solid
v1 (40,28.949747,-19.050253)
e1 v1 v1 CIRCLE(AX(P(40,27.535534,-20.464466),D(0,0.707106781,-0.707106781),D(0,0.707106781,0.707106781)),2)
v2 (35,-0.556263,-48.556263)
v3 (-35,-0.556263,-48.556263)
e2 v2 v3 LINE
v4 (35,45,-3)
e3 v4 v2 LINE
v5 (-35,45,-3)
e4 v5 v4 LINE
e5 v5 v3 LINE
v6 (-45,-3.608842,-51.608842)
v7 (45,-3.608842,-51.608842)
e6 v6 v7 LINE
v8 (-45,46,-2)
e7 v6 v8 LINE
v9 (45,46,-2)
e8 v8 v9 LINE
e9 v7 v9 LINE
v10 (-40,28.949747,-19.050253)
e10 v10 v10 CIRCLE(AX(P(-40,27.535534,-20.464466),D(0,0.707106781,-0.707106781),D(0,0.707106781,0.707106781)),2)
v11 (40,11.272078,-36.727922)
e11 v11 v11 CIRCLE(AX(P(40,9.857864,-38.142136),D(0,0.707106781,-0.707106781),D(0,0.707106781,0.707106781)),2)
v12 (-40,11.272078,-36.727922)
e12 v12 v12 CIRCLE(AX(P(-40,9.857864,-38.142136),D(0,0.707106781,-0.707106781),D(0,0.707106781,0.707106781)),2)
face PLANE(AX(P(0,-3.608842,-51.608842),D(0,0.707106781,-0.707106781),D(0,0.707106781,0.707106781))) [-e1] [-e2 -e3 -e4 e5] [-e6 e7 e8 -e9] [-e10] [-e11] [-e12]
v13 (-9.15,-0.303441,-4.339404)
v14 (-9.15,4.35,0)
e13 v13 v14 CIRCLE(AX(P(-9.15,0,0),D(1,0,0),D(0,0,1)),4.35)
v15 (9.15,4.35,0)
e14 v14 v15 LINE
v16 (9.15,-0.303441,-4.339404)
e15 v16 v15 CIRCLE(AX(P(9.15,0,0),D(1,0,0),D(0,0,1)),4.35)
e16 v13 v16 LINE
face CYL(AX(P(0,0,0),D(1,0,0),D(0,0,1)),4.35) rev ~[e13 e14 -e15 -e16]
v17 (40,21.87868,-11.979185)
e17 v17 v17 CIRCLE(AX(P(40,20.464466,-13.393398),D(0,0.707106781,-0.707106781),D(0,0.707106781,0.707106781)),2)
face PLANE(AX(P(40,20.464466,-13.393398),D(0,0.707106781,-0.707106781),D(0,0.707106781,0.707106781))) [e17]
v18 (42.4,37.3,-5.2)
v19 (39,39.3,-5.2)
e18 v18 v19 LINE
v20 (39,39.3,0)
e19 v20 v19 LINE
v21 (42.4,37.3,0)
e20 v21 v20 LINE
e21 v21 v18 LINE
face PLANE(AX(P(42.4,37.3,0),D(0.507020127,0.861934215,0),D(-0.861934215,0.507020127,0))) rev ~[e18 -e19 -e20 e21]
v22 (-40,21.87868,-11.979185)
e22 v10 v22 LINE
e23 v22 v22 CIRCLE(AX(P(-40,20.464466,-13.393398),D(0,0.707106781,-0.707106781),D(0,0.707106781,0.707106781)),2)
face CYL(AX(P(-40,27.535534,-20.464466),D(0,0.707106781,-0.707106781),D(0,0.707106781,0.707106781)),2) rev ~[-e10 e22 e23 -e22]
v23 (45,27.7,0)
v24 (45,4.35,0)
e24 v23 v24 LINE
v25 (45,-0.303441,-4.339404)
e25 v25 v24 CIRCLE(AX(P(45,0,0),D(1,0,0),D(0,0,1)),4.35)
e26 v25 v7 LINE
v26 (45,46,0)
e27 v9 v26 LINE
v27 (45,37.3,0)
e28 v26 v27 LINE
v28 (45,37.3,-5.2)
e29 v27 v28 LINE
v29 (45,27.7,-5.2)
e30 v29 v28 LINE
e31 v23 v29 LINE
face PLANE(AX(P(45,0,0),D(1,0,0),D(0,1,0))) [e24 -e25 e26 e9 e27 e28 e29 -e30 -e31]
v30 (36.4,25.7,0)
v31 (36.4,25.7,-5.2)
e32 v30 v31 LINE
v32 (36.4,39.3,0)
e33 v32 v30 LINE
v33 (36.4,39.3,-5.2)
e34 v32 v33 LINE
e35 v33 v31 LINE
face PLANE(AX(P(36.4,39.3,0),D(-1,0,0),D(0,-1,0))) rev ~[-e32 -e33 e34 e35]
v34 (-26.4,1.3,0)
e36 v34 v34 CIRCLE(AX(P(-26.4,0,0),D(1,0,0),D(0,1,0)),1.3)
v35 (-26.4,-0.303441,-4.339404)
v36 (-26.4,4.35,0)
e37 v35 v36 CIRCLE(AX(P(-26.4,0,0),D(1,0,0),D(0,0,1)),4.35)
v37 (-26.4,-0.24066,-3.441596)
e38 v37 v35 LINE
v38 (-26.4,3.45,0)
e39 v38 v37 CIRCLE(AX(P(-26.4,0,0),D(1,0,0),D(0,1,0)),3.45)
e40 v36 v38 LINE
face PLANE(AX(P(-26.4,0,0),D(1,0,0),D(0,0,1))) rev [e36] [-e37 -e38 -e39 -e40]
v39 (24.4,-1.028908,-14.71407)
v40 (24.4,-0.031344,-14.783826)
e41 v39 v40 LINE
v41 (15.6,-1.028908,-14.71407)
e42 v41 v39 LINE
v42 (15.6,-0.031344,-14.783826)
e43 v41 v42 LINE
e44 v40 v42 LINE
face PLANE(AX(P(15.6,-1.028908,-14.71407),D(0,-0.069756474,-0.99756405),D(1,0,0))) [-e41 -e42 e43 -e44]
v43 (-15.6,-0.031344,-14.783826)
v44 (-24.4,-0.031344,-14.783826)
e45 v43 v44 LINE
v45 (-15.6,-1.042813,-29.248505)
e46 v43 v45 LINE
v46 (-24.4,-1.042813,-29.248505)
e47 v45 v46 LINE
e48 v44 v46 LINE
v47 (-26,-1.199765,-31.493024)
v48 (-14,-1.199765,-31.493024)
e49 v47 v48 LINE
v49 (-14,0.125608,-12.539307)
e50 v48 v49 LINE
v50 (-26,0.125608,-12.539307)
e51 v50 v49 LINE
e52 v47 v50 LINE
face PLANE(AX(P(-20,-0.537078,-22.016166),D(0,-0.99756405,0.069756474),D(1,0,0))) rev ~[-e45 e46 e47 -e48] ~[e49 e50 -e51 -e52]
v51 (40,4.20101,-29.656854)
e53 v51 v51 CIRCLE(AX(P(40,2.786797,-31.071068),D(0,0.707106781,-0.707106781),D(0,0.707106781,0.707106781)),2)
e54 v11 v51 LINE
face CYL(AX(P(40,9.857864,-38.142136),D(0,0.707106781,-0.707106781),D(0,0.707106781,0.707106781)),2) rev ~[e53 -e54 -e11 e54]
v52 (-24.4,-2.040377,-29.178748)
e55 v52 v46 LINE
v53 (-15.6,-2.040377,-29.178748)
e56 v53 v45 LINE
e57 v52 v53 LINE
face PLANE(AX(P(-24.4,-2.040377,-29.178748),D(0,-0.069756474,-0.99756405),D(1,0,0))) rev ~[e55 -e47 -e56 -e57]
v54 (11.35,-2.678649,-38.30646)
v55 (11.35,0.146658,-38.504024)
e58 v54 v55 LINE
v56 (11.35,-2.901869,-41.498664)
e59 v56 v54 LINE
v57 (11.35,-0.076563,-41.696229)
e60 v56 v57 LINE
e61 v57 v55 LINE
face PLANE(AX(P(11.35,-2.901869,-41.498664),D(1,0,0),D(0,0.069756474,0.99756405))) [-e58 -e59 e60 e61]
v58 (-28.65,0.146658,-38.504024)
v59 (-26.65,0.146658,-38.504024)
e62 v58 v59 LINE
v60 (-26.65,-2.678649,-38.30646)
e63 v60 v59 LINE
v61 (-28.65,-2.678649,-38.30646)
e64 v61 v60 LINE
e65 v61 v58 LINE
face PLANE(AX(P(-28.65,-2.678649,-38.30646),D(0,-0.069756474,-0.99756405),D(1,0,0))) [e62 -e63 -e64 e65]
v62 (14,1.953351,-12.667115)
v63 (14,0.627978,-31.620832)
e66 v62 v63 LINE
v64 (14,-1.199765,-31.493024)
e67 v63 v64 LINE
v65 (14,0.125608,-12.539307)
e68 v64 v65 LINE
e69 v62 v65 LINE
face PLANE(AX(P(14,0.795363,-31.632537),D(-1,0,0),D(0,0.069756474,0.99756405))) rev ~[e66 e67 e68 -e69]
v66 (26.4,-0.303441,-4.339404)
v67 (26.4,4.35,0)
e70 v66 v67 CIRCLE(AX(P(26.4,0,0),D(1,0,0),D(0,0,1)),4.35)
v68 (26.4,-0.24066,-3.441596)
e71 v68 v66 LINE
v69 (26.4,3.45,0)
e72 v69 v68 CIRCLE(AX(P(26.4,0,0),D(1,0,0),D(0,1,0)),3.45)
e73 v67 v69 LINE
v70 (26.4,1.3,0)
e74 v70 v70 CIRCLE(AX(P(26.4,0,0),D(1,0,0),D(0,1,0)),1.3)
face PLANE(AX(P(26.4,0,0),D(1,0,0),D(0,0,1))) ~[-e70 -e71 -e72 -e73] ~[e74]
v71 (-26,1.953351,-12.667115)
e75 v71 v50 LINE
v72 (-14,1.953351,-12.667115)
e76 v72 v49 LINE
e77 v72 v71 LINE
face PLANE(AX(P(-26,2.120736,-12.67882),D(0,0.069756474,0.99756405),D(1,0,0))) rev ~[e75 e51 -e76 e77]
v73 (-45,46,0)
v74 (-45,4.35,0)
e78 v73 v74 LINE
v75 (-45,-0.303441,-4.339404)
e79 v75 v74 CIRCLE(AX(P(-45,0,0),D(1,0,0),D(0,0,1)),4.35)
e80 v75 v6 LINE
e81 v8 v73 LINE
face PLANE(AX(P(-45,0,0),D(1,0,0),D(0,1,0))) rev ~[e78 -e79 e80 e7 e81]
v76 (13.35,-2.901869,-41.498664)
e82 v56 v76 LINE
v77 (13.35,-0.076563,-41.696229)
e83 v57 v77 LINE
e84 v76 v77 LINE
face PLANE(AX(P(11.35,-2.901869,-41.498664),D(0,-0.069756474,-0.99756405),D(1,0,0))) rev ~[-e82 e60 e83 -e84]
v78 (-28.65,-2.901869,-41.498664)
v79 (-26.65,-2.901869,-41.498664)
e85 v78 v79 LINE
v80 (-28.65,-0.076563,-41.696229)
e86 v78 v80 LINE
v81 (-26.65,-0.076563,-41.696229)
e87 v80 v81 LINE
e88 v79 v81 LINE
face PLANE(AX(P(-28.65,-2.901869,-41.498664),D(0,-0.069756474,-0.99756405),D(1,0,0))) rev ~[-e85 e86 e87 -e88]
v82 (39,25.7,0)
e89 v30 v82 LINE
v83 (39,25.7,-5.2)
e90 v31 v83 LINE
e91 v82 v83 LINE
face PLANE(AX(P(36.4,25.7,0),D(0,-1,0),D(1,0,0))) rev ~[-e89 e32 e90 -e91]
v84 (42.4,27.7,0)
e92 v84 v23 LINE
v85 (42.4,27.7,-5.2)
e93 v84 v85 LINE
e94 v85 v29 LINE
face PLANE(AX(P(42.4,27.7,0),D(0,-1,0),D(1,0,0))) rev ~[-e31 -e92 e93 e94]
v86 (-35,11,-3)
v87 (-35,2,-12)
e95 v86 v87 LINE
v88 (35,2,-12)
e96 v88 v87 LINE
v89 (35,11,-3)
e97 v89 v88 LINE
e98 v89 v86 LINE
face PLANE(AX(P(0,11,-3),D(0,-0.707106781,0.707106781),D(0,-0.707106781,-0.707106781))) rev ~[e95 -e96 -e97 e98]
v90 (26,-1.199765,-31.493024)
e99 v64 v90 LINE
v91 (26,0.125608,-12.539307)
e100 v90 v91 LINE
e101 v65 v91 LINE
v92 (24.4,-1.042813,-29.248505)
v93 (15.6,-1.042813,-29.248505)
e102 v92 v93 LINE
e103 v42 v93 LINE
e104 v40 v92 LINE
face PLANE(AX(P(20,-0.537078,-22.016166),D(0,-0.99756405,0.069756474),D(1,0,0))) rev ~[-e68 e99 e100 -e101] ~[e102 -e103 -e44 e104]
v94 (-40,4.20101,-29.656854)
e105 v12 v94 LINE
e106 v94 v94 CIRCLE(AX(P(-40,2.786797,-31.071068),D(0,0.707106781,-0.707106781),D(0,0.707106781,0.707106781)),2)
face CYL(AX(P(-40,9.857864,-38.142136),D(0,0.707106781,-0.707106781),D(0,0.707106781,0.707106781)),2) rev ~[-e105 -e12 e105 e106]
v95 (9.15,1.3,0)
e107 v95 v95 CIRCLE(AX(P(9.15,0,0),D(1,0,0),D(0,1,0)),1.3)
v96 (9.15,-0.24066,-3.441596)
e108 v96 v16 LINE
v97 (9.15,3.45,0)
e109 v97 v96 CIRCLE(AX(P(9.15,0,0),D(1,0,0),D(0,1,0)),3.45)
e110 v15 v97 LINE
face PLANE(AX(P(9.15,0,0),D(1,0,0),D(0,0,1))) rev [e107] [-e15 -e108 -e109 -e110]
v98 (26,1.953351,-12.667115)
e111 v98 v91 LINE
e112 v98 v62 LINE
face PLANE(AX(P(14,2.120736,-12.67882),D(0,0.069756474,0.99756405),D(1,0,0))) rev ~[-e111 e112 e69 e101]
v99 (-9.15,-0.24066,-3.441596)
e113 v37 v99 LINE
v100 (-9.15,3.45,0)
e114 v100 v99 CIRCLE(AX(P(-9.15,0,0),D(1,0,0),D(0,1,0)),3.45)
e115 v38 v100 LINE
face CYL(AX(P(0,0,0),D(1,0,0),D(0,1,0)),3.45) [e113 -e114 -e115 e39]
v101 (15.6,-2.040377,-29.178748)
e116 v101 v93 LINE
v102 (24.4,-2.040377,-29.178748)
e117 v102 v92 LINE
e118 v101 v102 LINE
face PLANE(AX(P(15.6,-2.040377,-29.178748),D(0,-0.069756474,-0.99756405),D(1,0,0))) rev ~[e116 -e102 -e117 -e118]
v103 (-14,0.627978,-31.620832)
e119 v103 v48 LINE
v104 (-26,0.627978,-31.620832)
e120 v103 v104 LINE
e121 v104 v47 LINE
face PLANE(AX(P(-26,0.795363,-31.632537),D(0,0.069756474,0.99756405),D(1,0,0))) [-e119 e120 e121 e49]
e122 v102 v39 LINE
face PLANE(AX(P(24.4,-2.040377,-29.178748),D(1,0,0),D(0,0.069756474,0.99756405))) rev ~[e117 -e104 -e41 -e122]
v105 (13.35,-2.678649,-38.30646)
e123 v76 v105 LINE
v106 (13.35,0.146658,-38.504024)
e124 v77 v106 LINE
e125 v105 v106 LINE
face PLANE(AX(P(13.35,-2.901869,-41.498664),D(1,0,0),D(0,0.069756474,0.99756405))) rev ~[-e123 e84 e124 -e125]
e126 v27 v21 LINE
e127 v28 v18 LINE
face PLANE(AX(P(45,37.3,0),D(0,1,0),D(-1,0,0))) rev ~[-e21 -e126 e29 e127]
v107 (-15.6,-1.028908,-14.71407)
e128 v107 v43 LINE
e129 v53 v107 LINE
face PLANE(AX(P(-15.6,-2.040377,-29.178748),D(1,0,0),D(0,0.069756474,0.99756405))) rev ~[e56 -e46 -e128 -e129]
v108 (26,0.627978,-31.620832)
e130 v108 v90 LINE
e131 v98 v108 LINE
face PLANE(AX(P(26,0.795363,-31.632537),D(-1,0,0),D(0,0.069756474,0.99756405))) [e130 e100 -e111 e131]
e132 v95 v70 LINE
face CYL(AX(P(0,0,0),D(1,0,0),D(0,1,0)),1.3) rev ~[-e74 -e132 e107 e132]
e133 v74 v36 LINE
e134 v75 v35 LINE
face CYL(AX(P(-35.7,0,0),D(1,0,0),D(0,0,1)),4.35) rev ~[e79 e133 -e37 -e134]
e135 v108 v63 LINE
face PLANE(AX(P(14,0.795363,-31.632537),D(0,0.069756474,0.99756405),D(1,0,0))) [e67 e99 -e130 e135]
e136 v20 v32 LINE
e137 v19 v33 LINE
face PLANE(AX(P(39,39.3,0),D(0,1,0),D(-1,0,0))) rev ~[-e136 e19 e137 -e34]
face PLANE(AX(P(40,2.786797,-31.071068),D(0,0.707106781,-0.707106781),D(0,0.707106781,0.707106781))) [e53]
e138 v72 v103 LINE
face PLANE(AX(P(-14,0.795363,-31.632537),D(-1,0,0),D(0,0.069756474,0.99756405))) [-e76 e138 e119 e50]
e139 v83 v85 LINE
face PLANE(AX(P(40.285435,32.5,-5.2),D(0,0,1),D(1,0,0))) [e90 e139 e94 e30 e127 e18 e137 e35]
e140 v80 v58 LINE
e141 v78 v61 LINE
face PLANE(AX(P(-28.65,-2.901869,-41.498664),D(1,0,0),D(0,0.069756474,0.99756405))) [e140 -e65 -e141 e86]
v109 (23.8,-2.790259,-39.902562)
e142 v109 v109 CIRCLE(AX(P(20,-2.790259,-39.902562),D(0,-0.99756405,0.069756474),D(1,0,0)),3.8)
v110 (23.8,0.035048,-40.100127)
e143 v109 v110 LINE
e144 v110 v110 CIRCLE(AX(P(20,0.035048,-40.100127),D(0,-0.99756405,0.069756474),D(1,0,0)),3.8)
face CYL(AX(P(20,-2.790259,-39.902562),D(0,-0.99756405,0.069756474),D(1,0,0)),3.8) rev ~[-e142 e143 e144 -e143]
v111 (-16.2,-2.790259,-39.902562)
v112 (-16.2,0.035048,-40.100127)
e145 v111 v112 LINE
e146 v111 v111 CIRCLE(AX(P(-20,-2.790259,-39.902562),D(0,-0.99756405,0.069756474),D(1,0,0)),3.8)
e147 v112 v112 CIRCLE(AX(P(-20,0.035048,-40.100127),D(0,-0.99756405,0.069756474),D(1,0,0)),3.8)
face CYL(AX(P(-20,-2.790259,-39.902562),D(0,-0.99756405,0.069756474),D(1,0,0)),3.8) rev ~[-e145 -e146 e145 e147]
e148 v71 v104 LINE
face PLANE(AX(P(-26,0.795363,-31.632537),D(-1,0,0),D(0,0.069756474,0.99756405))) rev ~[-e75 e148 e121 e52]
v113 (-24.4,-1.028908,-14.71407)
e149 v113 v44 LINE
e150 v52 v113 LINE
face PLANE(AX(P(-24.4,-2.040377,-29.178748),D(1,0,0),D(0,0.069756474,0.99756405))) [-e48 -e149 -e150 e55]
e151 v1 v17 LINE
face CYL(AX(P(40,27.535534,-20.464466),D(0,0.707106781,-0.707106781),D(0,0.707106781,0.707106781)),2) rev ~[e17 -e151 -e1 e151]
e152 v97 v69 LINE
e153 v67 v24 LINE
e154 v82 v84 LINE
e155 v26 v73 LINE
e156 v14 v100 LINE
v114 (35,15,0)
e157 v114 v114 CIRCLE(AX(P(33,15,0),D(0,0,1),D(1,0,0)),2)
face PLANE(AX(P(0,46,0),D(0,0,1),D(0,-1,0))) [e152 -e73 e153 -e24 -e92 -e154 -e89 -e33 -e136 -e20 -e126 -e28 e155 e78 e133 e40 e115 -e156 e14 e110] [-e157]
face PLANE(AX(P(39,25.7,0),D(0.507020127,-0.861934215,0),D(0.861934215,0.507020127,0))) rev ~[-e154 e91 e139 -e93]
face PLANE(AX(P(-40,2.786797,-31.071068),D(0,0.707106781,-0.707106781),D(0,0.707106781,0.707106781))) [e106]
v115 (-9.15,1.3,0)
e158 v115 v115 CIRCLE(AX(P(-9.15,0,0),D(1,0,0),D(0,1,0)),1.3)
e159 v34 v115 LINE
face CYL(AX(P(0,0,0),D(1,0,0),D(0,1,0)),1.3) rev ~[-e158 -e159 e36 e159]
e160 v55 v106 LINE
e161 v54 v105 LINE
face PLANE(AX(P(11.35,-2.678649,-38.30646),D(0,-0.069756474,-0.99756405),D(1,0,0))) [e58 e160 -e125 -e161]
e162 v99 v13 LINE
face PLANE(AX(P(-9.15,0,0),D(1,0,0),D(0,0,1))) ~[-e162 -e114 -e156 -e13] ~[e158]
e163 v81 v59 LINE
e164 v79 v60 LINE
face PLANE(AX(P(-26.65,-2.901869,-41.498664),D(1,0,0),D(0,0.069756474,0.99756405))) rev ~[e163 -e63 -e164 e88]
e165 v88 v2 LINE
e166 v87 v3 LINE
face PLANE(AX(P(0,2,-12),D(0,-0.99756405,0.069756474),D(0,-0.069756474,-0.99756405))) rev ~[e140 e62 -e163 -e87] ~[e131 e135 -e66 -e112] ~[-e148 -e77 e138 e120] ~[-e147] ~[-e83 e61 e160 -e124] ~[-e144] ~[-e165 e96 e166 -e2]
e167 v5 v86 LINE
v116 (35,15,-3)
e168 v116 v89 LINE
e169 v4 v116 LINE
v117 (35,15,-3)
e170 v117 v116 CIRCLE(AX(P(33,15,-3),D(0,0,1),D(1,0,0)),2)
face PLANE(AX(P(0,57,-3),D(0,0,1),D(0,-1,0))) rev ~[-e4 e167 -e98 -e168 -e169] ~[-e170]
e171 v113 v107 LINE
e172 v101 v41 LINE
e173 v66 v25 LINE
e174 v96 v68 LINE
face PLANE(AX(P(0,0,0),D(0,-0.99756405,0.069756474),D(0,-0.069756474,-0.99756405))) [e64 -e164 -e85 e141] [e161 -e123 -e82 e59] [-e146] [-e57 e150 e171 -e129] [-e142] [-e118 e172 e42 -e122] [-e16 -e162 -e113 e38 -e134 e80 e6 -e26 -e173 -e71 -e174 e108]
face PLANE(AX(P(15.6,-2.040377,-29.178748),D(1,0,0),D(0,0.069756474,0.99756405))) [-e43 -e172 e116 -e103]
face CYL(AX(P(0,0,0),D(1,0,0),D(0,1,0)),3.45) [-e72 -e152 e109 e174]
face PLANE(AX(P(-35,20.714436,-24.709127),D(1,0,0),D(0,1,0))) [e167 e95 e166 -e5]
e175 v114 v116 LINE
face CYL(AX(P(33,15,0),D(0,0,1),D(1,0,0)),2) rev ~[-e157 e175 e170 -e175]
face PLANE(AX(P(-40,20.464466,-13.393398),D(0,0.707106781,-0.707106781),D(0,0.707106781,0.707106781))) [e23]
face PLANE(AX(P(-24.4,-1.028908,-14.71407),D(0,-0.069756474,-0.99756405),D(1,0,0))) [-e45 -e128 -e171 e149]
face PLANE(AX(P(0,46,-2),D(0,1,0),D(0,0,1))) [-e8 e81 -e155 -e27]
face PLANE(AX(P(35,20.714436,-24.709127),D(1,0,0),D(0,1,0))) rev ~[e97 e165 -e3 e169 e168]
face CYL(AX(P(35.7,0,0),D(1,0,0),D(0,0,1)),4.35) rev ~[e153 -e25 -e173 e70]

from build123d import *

# Parameters (mm, degrees)
PAD012_DEPTH    = 45
SKETCH023_R     = 3.45
PAD013_DEPTH    = 45
SKETCH024_W     = 18.6
SKETCH024_H     = 4.35
SKETCH024_W_2   = 18.3
SKETCH025_R     = 1.3
POCKET006_DEPTH = 45
POCKET007_DEPTH = 35
SKETCH027_R     = 2
POCKET008_DEPTH = 10
POCKET020_DEPTH = 5.2
SKETCH066_R     = 3.8
SKETCH066_W     = 8.8
SKETCH066_H     = 14.5
SKETCH066_W_2   = 2
SKETCH066_H_2   = 3.2
POCKET025_DEPTH = 3
SKETCH067_R     = 2
POCKET026_DEPTH = 13
SKETCH068_W     = 12
SKETCH068_H     = 19
POCKET027_DEPTH = 2


with BuildPart() as part:
    # Sketch022 → Pad012 (new body, symmetric)
    with BuildSketch(Plane.YZ):
        Polygon((0, 0), (-3.6088417733, -51.6088417733), (46, -2), (46, 0), align=None)
    extrude(amount=PAD012_DEPTH, both=True)

    # Sketch023 → Pad013 (join, symmetric)
    with BuildSketch(Plane.YZ):
        Circle(SKETCH023_R)
    extrude(amount=PAD013_DEPTH, both=True)

    # Sketch024 → Groove003 (revolve, cut)
    with BuildSketch(Plane.XZ):
        with Locations((-35.7, 2.175)):
            Rectangle(SKETCH024_W, SKETCH024_H)
        with Locations((0, 2.175)):
            Rectangle(SKETCH024_W_2, SKETCH024_H)
        with Locations((35.7, 2.175)):
            Rectangle(SKETCH024_W, SKETCH024_H)
    revolve(axis=Axis((0, 0, 0), (1, 0, 0)), mode=Mode.SUBTRACT)

    # Sketch025 → Pocket006 (cut, symmetric)
    with BuildSketch(Plane.YZ):
        Circle(SKETCH025_R)
    extrude(amount=POCKET006_DEPTH, both=True, mode=Mode.SUBTRACT)

    # Sketch026 → Pocket007 (cut, symmetric)
    with BuildSketch(Plane.YZ):
        Polygon((2, -12), (-1.4584733661, -61.4584733661), (57, -3), (11, -3), align=None)
    extrude(amount=POCKET007_DEPTH, both=True, mode=Mode.SUBTRACT)

    # Sketch027 (on Face5 of Pocket007) → Pocket008 (cut)
    with BuildSketch(Plane(origin=(0, 24, -24), x_dir=(0, 0.7071067812, 0.7071067812), z_dir=(0, 0.7071067812, -0.7071067812))):
        with Locations((5, 40)):
            Circle(SKETCH027_R)
        with Locations((-20, 40)):
            Circle(SKETCH027_R)
        with Locations((-20, -40)):
            Circle(SKETCH027_R)
        with Locations((5, -40)):
            Circle(SKETCH027_R)
    extrude(amount=-POCKET008_DEPTH, mode=Mode.SUBTRACT)

    # Sketch060 → Pocket020 (cut)
    with BuildSketch(Plane.XY):
        Polygon((45, 37.3), (42.4, 37.3), (39, 39.3), (36.4, 39.3), (36.4, 25.7), (39, 25.7), (42.4, 27.7), (45, 27.7), align=None)
    extrude(amount=-POCKET020_DEPTH, mode=Mode.SUBTRACT)

    # Sketch066 (on DatumPlane) → Pocket025 (cut)
    with BuildSketch(Plane(origin=(0, 0, 0), x_dir=(1, 0, 0), z_dir=(0, -0.9975640503, 0.0697564737))):
        with Locations((-20, -40)):
            Circle(SKETCH066_R)
        with Locations((20, -40)):
            Circle(SKETCH066_R)
        with Locations((-20, -22)):
            Rectangle(SKETCH066_W, SKETCH066_H)
        with Locations((20, -22)):
            Rectangle(SKETCH066_W, SKETCH066_H)
        with Locations((12.35, -40)):
            Rectangle(SKETCH066_W_2, SKETCH066_H_2)
        with Locations((-27.65, -40)):
            Rectangle(SKETCH066_W_2, SKETCH066_H_2)
    extrude(amount=-POCKET025_DEPTH, mode=Mode.SUBTRACT)

    # Sketch067 → Pocket026 (cut)
    with BuildSketch(Plane.XY):
        with Locations((33, 15)):
            Circle(SKETCH067_R)
    extrude(amount=-POCKET026_DEPTH, mode=Mode.SUBTRACT)

    # Sketch068 (on DatumPlane) → Pocket027 (cut)
    with BuildSketch(Plane(origin=(0, 2.9926921508, -0.2092694212), x_dir=(1, 0, 0), z_dir=(0, -0.9975640503, 0.0697564737))):
        with Locations((-20, -22)):
            Rectangle(SKETCH068_W, SKETCH068_H)
        with Locations((20, -22)):
            Rectangle(SKETCH068_W, SKETCH068_H)
    extrude(amount=POCKET027_DEPTH, mode=Mode.SUBTRACT)


solid = part.part
